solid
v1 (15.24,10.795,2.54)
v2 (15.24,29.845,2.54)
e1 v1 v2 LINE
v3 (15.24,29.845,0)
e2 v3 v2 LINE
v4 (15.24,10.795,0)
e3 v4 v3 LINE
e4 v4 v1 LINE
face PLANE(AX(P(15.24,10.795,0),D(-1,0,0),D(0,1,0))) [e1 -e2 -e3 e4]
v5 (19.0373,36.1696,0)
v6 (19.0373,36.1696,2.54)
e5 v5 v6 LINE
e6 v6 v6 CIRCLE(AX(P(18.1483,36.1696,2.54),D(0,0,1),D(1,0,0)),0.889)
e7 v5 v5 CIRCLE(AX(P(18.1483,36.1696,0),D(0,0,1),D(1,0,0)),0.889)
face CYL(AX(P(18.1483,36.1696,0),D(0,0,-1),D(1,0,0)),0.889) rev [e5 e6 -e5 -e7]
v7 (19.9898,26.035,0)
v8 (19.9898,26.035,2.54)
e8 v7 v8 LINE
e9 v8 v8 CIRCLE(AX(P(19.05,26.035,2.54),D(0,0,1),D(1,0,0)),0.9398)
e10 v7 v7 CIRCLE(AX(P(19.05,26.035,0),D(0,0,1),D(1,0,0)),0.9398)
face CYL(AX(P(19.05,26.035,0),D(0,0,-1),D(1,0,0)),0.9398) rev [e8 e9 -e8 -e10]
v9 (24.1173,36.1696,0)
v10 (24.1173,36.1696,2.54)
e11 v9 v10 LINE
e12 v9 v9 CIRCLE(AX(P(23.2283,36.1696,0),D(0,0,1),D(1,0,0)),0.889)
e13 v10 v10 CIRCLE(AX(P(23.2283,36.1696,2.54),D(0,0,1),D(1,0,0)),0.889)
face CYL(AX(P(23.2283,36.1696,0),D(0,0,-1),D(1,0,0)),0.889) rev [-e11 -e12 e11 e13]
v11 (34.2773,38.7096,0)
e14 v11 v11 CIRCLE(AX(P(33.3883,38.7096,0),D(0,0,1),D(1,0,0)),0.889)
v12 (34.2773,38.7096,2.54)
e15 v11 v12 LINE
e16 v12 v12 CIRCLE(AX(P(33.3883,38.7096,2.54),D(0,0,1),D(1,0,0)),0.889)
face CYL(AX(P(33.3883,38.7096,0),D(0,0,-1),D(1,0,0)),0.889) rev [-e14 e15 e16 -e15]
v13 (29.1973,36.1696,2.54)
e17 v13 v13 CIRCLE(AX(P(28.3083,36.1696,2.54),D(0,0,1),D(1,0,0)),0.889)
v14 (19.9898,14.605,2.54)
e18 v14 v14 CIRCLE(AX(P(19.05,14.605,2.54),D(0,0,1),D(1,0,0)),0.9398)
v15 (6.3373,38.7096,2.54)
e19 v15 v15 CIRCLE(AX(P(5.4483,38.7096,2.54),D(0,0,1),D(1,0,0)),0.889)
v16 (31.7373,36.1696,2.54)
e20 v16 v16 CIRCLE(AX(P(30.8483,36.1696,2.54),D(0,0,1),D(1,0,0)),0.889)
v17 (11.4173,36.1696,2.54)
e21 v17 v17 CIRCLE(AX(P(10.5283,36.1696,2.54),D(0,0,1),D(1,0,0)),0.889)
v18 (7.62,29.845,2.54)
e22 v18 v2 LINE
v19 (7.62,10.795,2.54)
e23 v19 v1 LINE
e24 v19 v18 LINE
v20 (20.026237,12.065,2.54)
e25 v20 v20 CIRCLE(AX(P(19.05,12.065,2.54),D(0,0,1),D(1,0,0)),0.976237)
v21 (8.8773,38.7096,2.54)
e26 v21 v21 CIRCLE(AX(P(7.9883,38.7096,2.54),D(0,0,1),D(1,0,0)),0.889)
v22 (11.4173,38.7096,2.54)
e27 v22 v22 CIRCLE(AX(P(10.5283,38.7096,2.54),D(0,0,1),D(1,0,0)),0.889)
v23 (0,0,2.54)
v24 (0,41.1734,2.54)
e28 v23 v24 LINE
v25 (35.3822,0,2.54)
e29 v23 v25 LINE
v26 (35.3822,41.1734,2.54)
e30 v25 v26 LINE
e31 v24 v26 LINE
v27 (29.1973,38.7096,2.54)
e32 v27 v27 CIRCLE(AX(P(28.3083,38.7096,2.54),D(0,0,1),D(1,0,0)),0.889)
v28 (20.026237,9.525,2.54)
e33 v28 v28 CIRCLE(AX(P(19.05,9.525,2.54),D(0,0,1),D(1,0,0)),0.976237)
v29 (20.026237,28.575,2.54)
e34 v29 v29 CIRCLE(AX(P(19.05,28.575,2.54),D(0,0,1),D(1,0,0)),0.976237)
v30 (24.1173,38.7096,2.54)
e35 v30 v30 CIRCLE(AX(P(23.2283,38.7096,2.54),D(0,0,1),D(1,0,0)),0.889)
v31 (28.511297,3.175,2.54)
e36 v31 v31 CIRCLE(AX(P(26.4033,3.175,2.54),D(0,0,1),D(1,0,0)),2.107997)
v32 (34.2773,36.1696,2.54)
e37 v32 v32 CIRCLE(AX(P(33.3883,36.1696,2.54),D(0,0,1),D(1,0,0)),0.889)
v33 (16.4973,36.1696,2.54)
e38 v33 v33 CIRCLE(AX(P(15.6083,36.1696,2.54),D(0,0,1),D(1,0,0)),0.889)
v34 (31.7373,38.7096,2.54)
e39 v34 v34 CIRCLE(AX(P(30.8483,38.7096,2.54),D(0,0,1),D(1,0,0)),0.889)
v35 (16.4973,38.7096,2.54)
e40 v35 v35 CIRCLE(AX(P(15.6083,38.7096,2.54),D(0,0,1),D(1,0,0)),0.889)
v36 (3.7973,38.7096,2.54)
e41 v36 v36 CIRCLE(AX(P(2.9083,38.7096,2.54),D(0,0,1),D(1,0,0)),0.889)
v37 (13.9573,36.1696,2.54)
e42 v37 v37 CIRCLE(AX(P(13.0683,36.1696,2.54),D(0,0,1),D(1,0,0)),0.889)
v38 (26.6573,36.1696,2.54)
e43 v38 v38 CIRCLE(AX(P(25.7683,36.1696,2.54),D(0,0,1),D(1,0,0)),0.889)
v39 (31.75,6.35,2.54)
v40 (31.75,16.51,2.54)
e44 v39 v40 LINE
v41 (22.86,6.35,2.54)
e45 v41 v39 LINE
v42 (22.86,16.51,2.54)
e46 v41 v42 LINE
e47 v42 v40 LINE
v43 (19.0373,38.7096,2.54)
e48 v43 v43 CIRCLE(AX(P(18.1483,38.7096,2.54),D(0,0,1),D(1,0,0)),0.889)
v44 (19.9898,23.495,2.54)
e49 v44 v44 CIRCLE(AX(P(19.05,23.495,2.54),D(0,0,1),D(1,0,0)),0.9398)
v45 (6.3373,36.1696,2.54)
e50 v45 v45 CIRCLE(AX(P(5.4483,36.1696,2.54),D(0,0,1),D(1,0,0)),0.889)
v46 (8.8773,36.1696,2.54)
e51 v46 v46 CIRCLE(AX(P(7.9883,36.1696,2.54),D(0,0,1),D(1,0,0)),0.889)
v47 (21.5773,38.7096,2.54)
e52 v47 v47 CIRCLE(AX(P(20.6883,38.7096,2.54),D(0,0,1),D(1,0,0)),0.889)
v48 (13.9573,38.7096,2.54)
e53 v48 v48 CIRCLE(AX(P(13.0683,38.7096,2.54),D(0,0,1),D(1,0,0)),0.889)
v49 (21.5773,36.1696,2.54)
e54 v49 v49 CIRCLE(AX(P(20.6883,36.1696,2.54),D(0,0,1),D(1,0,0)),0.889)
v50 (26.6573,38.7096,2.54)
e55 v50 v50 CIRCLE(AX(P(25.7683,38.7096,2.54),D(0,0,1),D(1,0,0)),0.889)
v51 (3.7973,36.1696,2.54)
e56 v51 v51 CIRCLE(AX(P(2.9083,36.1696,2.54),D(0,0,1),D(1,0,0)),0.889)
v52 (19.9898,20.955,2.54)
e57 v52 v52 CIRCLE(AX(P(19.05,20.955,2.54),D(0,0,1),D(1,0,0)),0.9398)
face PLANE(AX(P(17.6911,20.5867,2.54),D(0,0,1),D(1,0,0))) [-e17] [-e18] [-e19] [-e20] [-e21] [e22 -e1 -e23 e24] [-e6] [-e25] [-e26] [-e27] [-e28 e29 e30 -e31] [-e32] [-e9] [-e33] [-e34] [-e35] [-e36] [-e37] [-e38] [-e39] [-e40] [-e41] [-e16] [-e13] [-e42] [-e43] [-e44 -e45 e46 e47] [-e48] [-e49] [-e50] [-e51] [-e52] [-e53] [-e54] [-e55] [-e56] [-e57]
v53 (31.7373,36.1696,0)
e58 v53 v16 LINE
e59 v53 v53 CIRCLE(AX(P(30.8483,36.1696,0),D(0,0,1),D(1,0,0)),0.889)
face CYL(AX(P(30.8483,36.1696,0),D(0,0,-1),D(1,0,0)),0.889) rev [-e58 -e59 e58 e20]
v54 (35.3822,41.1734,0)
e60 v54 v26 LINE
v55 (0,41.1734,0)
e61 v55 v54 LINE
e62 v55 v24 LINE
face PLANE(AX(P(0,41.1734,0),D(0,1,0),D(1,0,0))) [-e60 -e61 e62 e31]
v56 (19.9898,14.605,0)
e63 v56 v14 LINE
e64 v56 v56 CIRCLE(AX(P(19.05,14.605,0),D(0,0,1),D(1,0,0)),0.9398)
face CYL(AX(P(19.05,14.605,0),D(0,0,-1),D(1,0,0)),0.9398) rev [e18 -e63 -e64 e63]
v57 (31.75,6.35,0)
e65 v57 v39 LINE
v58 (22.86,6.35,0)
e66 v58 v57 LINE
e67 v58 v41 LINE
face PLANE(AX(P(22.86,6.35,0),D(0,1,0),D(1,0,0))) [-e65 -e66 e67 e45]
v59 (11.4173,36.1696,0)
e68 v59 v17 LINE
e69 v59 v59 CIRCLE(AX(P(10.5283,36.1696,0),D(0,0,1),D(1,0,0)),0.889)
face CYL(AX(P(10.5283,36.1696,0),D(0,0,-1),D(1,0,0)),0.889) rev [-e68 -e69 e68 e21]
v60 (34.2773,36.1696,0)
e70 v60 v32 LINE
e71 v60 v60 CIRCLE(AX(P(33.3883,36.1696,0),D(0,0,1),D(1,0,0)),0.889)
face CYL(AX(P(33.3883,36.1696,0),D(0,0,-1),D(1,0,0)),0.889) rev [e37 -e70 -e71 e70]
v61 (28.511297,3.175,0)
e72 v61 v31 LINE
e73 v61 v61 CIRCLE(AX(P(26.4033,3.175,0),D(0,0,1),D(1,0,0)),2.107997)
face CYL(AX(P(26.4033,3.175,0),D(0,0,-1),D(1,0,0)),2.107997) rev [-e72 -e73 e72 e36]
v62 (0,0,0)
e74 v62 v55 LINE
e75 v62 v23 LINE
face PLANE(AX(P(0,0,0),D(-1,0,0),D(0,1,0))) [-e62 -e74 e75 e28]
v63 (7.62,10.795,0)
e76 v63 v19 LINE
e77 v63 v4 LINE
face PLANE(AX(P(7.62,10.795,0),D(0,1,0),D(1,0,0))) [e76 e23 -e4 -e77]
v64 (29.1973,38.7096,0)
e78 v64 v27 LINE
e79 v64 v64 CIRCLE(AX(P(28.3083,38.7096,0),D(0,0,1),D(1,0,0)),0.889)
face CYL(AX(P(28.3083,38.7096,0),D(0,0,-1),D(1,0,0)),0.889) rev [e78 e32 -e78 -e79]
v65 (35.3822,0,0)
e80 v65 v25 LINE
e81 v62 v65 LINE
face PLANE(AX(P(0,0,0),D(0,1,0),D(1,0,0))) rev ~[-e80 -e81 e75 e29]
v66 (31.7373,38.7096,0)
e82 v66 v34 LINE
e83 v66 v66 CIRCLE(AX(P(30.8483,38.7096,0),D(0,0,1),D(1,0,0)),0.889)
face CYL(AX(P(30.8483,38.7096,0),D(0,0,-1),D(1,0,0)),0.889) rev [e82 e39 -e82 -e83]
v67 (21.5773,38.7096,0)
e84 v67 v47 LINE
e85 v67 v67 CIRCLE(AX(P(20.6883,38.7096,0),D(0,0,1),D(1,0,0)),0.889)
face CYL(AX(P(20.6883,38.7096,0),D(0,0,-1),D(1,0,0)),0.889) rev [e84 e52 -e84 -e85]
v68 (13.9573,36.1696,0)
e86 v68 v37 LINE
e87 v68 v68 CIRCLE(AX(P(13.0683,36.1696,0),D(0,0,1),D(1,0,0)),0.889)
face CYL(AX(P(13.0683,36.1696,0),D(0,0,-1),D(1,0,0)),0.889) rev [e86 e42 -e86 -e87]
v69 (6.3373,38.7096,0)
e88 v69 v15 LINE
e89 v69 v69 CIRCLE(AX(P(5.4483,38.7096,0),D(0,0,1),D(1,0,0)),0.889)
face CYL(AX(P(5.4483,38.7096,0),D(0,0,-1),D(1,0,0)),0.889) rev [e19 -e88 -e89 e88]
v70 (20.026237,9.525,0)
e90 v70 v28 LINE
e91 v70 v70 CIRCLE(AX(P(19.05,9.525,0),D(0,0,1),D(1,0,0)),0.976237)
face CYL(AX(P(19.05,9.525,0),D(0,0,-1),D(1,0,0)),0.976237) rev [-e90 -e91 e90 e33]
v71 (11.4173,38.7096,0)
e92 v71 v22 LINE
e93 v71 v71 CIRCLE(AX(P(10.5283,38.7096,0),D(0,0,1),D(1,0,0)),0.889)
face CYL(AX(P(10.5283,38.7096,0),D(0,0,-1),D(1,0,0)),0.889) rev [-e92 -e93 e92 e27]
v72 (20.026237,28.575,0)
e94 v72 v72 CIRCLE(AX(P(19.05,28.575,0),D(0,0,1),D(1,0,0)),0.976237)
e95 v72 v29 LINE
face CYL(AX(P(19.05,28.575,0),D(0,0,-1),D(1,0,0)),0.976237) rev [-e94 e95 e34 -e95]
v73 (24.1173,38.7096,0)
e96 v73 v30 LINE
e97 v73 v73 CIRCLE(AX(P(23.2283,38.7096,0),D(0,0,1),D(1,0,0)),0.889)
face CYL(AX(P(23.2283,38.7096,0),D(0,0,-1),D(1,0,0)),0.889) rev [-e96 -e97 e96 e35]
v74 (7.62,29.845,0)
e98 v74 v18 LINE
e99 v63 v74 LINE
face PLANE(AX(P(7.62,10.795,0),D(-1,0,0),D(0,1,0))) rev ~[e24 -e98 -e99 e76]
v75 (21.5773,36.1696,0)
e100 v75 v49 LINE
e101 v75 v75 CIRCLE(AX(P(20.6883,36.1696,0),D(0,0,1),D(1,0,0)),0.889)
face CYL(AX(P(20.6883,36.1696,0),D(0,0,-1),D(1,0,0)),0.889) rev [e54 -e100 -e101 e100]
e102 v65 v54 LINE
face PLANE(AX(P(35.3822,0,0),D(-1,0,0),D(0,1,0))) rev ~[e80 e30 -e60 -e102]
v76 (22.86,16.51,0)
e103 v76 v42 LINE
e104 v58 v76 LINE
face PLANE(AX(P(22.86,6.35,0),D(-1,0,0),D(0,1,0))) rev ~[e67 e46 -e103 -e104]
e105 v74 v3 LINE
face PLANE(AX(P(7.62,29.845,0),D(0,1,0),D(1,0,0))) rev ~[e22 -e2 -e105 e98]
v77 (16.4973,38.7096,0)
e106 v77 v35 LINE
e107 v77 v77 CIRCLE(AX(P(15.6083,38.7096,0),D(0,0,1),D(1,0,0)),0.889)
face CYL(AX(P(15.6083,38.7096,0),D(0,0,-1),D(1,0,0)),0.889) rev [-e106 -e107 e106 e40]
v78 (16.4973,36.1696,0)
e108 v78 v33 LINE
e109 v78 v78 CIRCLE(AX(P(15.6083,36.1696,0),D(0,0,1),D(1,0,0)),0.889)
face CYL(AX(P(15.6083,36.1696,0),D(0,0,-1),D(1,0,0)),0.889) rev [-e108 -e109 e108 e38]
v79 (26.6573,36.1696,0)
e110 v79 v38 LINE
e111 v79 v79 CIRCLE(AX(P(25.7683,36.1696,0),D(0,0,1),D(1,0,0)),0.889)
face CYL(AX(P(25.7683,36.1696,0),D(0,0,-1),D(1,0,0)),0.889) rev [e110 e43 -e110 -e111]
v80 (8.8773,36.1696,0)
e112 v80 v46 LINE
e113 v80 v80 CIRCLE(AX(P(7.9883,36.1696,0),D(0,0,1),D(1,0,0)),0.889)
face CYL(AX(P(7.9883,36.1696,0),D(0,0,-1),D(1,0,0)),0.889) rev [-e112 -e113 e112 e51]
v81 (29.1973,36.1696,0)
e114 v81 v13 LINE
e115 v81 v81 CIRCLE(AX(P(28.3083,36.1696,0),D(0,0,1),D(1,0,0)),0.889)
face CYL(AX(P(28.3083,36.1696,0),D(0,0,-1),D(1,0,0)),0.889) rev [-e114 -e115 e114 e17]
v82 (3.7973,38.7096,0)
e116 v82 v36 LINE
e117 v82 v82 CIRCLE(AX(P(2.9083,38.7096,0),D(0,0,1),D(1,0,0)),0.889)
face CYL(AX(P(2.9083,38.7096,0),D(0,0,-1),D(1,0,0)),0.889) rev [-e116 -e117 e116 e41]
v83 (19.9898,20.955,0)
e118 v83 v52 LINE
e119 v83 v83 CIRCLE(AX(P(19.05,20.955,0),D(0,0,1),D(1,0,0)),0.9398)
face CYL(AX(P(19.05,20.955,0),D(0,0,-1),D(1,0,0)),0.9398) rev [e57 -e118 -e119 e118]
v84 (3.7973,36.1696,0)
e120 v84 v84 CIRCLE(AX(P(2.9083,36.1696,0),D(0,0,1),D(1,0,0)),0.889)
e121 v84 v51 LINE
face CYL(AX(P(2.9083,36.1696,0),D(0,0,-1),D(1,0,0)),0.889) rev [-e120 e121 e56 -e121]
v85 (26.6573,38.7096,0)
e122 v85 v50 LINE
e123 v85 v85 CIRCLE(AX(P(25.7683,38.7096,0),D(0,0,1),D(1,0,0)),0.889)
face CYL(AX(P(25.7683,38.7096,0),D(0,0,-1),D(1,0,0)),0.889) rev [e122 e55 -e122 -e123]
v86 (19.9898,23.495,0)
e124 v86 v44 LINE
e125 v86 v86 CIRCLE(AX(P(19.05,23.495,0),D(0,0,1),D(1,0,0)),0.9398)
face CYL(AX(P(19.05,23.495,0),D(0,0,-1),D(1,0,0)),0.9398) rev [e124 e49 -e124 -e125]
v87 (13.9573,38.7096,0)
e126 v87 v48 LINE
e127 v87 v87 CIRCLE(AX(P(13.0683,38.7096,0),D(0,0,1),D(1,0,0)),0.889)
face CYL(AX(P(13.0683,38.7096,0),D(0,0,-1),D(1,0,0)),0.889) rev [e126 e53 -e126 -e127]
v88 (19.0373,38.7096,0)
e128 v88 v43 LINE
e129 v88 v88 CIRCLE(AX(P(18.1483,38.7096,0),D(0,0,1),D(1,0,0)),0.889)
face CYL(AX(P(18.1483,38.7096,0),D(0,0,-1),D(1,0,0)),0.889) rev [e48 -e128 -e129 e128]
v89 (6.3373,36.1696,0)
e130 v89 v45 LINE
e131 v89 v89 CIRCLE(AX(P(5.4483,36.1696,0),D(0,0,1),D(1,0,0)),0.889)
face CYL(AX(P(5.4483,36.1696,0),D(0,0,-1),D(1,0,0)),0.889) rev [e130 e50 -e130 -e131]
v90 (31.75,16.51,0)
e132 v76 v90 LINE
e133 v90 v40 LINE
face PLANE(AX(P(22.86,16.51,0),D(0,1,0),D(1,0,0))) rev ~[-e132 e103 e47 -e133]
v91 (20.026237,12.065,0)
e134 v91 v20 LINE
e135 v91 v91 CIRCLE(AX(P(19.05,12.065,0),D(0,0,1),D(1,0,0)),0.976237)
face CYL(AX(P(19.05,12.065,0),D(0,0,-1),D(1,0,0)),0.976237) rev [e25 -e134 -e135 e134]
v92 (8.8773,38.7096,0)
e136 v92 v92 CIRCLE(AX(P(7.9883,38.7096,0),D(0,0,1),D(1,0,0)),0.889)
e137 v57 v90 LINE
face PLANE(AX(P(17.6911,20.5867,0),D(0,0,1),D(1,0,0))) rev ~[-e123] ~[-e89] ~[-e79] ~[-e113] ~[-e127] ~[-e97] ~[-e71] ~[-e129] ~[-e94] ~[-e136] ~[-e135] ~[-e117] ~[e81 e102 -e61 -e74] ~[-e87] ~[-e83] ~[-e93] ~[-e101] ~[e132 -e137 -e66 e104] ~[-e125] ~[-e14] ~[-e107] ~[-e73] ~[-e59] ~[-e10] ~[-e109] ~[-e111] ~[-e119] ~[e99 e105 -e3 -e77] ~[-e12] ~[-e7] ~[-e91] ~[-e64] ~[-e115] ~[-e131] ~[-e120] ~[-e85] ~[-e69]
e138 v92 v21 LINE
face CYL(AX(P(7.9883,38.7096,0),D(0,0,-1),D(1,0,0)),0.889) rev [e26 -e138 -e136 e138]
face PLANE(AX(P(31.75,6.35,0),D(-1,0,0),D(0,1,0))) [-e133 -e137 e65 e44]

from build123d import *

# Parameters (mm, degrees)
MODEL_W             = 35.3822
MODEL_H             = 41.1734
MODEL_W_2           = 7.62
MODEL_H_2           = 19.05
MODEL_R             = 2.1079968
MODEL_W_3           = 8.89
MODEL_H_3           = 10.16
MODEL_R_2           = 0.97623725
MODEL_R_3           = 0.9398
MODEL_R_4           = 0.889
BOSS_EXTRUDE3_DEPTH = 2.54


with BuildPart() as part:
    # Model → Boss-Extrude3 (new body)
    with BuildSketch(Plane.XY):
        with Locations((17.6911, 20.5867)):
            Rectangle(MODEL_W, MODEL_H)
        with Locations((11.43, 20.32)):
            Rectangle(MODEL_W_2, MODEL_H_2, mode=Mode.SUBTRACT)
        with Locations((26.4033, 3.175)):
            Circle(MODEL_R, mode=Mode.SUBTRACT)
        with Locations((27.305, 11.43)):
            Rectangle(MODEL_W_3, MODEL_H_3, mode=Mode.SUBTRACT)
        with Locations((19.05, 12.065)):
            Circle(MODEL_R_2, mode=Mode.SUBTRACT)
        with Locations((19.05, 14.605)):
            Circle(MODEL_R_3, mode=Mode.SUBTRACT)
        with Locations((19.05, 9.525)):
            Circle(MODEL_R_2, mode=Mode.SUBTRACT)
        with Locations((19.05, 28.575)):
            Circle(MODEL_R_2, mode=Mode.SUBTRACT)
        with Locations((19.05, 20.955)):
            Circle(MODEL_R_3, mode=Mode.SUBTRACT)
        with Locations((19.05, 23.495)):
            Circle(MODEL_R_3, mode=Mode.SUBTRACT)
        with Locations((19.05, 26.035)):
            Circle(MODEL_R_3, mode=Mode.SUBTRACT)
        with Locations((23.2283, 38.7096)):
            Circle(MODEL_R_4, mode=Mode.SUBTRACT)
        with Locations((25.7683, 38.7096)):
            Circle(MODEL_R_4, mode=Mode.SUBTRACT)
        with Locations((28.3083, 36.1696)):
            Circle(MODEL_R_4, mode=Mode.SUBTRACT)
        with Locations((30.8483, 36.1696)):
            Circle(MODEL_R_4, mode=Mode.SUBTRACT)
        with Locations((28.3083, 38.7096)):
            Circle(MODEL_R_4, mode=Mode.SUBTRACT)
        with Locations((30.8483, 38.7096)):
            Circle(MODEL_R_4, mode=Mode.SUBTRACT)
        with Locations((33.3883, 36.1696)):
            Circle(MODEL_R_4, mode=Mode.SUBTRACT)
        with Locations((33.3883, 38.7096)):
            Circle(MODEL_R_4, mode=Mode.SUBTRACT)
        with Locations((2.9083, 36.1696)):
            Circle(MODEL_R_4, mode=Mode.SUBTRACT)
        with Locations((2.9083, 38.7096)):
            Circle(MODEL_R_4, mode=Mode.SUBTRACT)
        with Locations((5.4483, 36.1696)):
            Circle(MODEL_R_4, mode=Mode.SUBTRACT)
        with Locations((7.9883, 36.1696)):
            Circle(MODEL_R_4, mode=Mode.SUBTRACT)
        with Locations((5.4483, 38.7096)):
            Circle(MODEL_R_4, mode=Mode.SUBTRACT)
        with Locations((7.9883, 38.7096)):
            Circle(MODEL_R_4, mode=Mode.SUBTRACT)
        with Locations((10.5283, 36.1696)):
            Circle(MODEL_R_4, mode=Mode.SUBTRACT)
        with Locations((13.0683, 36.1696)):
            Circle(MODEL_R_4, mode=Mode.SUBTRACT)
        with Locations((10.5283, 38.7096)):
            Circle(MODEL_R_4, mode=Mode.SUBTRACT)
        with Locations((13.0683, 38.7096)):
            Circle(MODEL_R_4, mode=Mode.SUBTRACT)
        with Locations((15.6083, 36.1696)):
            Circle(MODEL_R_4, mode=Mode.SUBTRACT)
        with Locations((15.6083, 38.7096)):
            Circle(MODEL_R_4, mode=Mode.SUBTRACT)
        with Locations((18.1483, 36.1696)):
            Circle(MODEL_R_4, mode=Mode.SUBTRACT)
        with Locations((20.6883, 36.1696)):
            Circle(MODEL_R_4, mode=Mode.SUBTRACT)
        with Locations((18.1483, 38.7096)):
            Circle(MODEL_R_4, mode=Mode.SUBTRACT)
        with Locations((20.6883, 38.7096)):
            Circle(MODEL_R_4, mode=Mode.SUBTRACT)
        with Locations((23.2283, 36.1696)):
            Circle(MODEL_R_4, mode=Mode.SUBTRACT)
        with Locations((25.7683, 36.1696)):
            Circle(MODEL_R_4, mode=Mode.SUBTRACT)
    extrude(amount=BOSS_EXTRUDE3_DEPTH)


solid = part.part
